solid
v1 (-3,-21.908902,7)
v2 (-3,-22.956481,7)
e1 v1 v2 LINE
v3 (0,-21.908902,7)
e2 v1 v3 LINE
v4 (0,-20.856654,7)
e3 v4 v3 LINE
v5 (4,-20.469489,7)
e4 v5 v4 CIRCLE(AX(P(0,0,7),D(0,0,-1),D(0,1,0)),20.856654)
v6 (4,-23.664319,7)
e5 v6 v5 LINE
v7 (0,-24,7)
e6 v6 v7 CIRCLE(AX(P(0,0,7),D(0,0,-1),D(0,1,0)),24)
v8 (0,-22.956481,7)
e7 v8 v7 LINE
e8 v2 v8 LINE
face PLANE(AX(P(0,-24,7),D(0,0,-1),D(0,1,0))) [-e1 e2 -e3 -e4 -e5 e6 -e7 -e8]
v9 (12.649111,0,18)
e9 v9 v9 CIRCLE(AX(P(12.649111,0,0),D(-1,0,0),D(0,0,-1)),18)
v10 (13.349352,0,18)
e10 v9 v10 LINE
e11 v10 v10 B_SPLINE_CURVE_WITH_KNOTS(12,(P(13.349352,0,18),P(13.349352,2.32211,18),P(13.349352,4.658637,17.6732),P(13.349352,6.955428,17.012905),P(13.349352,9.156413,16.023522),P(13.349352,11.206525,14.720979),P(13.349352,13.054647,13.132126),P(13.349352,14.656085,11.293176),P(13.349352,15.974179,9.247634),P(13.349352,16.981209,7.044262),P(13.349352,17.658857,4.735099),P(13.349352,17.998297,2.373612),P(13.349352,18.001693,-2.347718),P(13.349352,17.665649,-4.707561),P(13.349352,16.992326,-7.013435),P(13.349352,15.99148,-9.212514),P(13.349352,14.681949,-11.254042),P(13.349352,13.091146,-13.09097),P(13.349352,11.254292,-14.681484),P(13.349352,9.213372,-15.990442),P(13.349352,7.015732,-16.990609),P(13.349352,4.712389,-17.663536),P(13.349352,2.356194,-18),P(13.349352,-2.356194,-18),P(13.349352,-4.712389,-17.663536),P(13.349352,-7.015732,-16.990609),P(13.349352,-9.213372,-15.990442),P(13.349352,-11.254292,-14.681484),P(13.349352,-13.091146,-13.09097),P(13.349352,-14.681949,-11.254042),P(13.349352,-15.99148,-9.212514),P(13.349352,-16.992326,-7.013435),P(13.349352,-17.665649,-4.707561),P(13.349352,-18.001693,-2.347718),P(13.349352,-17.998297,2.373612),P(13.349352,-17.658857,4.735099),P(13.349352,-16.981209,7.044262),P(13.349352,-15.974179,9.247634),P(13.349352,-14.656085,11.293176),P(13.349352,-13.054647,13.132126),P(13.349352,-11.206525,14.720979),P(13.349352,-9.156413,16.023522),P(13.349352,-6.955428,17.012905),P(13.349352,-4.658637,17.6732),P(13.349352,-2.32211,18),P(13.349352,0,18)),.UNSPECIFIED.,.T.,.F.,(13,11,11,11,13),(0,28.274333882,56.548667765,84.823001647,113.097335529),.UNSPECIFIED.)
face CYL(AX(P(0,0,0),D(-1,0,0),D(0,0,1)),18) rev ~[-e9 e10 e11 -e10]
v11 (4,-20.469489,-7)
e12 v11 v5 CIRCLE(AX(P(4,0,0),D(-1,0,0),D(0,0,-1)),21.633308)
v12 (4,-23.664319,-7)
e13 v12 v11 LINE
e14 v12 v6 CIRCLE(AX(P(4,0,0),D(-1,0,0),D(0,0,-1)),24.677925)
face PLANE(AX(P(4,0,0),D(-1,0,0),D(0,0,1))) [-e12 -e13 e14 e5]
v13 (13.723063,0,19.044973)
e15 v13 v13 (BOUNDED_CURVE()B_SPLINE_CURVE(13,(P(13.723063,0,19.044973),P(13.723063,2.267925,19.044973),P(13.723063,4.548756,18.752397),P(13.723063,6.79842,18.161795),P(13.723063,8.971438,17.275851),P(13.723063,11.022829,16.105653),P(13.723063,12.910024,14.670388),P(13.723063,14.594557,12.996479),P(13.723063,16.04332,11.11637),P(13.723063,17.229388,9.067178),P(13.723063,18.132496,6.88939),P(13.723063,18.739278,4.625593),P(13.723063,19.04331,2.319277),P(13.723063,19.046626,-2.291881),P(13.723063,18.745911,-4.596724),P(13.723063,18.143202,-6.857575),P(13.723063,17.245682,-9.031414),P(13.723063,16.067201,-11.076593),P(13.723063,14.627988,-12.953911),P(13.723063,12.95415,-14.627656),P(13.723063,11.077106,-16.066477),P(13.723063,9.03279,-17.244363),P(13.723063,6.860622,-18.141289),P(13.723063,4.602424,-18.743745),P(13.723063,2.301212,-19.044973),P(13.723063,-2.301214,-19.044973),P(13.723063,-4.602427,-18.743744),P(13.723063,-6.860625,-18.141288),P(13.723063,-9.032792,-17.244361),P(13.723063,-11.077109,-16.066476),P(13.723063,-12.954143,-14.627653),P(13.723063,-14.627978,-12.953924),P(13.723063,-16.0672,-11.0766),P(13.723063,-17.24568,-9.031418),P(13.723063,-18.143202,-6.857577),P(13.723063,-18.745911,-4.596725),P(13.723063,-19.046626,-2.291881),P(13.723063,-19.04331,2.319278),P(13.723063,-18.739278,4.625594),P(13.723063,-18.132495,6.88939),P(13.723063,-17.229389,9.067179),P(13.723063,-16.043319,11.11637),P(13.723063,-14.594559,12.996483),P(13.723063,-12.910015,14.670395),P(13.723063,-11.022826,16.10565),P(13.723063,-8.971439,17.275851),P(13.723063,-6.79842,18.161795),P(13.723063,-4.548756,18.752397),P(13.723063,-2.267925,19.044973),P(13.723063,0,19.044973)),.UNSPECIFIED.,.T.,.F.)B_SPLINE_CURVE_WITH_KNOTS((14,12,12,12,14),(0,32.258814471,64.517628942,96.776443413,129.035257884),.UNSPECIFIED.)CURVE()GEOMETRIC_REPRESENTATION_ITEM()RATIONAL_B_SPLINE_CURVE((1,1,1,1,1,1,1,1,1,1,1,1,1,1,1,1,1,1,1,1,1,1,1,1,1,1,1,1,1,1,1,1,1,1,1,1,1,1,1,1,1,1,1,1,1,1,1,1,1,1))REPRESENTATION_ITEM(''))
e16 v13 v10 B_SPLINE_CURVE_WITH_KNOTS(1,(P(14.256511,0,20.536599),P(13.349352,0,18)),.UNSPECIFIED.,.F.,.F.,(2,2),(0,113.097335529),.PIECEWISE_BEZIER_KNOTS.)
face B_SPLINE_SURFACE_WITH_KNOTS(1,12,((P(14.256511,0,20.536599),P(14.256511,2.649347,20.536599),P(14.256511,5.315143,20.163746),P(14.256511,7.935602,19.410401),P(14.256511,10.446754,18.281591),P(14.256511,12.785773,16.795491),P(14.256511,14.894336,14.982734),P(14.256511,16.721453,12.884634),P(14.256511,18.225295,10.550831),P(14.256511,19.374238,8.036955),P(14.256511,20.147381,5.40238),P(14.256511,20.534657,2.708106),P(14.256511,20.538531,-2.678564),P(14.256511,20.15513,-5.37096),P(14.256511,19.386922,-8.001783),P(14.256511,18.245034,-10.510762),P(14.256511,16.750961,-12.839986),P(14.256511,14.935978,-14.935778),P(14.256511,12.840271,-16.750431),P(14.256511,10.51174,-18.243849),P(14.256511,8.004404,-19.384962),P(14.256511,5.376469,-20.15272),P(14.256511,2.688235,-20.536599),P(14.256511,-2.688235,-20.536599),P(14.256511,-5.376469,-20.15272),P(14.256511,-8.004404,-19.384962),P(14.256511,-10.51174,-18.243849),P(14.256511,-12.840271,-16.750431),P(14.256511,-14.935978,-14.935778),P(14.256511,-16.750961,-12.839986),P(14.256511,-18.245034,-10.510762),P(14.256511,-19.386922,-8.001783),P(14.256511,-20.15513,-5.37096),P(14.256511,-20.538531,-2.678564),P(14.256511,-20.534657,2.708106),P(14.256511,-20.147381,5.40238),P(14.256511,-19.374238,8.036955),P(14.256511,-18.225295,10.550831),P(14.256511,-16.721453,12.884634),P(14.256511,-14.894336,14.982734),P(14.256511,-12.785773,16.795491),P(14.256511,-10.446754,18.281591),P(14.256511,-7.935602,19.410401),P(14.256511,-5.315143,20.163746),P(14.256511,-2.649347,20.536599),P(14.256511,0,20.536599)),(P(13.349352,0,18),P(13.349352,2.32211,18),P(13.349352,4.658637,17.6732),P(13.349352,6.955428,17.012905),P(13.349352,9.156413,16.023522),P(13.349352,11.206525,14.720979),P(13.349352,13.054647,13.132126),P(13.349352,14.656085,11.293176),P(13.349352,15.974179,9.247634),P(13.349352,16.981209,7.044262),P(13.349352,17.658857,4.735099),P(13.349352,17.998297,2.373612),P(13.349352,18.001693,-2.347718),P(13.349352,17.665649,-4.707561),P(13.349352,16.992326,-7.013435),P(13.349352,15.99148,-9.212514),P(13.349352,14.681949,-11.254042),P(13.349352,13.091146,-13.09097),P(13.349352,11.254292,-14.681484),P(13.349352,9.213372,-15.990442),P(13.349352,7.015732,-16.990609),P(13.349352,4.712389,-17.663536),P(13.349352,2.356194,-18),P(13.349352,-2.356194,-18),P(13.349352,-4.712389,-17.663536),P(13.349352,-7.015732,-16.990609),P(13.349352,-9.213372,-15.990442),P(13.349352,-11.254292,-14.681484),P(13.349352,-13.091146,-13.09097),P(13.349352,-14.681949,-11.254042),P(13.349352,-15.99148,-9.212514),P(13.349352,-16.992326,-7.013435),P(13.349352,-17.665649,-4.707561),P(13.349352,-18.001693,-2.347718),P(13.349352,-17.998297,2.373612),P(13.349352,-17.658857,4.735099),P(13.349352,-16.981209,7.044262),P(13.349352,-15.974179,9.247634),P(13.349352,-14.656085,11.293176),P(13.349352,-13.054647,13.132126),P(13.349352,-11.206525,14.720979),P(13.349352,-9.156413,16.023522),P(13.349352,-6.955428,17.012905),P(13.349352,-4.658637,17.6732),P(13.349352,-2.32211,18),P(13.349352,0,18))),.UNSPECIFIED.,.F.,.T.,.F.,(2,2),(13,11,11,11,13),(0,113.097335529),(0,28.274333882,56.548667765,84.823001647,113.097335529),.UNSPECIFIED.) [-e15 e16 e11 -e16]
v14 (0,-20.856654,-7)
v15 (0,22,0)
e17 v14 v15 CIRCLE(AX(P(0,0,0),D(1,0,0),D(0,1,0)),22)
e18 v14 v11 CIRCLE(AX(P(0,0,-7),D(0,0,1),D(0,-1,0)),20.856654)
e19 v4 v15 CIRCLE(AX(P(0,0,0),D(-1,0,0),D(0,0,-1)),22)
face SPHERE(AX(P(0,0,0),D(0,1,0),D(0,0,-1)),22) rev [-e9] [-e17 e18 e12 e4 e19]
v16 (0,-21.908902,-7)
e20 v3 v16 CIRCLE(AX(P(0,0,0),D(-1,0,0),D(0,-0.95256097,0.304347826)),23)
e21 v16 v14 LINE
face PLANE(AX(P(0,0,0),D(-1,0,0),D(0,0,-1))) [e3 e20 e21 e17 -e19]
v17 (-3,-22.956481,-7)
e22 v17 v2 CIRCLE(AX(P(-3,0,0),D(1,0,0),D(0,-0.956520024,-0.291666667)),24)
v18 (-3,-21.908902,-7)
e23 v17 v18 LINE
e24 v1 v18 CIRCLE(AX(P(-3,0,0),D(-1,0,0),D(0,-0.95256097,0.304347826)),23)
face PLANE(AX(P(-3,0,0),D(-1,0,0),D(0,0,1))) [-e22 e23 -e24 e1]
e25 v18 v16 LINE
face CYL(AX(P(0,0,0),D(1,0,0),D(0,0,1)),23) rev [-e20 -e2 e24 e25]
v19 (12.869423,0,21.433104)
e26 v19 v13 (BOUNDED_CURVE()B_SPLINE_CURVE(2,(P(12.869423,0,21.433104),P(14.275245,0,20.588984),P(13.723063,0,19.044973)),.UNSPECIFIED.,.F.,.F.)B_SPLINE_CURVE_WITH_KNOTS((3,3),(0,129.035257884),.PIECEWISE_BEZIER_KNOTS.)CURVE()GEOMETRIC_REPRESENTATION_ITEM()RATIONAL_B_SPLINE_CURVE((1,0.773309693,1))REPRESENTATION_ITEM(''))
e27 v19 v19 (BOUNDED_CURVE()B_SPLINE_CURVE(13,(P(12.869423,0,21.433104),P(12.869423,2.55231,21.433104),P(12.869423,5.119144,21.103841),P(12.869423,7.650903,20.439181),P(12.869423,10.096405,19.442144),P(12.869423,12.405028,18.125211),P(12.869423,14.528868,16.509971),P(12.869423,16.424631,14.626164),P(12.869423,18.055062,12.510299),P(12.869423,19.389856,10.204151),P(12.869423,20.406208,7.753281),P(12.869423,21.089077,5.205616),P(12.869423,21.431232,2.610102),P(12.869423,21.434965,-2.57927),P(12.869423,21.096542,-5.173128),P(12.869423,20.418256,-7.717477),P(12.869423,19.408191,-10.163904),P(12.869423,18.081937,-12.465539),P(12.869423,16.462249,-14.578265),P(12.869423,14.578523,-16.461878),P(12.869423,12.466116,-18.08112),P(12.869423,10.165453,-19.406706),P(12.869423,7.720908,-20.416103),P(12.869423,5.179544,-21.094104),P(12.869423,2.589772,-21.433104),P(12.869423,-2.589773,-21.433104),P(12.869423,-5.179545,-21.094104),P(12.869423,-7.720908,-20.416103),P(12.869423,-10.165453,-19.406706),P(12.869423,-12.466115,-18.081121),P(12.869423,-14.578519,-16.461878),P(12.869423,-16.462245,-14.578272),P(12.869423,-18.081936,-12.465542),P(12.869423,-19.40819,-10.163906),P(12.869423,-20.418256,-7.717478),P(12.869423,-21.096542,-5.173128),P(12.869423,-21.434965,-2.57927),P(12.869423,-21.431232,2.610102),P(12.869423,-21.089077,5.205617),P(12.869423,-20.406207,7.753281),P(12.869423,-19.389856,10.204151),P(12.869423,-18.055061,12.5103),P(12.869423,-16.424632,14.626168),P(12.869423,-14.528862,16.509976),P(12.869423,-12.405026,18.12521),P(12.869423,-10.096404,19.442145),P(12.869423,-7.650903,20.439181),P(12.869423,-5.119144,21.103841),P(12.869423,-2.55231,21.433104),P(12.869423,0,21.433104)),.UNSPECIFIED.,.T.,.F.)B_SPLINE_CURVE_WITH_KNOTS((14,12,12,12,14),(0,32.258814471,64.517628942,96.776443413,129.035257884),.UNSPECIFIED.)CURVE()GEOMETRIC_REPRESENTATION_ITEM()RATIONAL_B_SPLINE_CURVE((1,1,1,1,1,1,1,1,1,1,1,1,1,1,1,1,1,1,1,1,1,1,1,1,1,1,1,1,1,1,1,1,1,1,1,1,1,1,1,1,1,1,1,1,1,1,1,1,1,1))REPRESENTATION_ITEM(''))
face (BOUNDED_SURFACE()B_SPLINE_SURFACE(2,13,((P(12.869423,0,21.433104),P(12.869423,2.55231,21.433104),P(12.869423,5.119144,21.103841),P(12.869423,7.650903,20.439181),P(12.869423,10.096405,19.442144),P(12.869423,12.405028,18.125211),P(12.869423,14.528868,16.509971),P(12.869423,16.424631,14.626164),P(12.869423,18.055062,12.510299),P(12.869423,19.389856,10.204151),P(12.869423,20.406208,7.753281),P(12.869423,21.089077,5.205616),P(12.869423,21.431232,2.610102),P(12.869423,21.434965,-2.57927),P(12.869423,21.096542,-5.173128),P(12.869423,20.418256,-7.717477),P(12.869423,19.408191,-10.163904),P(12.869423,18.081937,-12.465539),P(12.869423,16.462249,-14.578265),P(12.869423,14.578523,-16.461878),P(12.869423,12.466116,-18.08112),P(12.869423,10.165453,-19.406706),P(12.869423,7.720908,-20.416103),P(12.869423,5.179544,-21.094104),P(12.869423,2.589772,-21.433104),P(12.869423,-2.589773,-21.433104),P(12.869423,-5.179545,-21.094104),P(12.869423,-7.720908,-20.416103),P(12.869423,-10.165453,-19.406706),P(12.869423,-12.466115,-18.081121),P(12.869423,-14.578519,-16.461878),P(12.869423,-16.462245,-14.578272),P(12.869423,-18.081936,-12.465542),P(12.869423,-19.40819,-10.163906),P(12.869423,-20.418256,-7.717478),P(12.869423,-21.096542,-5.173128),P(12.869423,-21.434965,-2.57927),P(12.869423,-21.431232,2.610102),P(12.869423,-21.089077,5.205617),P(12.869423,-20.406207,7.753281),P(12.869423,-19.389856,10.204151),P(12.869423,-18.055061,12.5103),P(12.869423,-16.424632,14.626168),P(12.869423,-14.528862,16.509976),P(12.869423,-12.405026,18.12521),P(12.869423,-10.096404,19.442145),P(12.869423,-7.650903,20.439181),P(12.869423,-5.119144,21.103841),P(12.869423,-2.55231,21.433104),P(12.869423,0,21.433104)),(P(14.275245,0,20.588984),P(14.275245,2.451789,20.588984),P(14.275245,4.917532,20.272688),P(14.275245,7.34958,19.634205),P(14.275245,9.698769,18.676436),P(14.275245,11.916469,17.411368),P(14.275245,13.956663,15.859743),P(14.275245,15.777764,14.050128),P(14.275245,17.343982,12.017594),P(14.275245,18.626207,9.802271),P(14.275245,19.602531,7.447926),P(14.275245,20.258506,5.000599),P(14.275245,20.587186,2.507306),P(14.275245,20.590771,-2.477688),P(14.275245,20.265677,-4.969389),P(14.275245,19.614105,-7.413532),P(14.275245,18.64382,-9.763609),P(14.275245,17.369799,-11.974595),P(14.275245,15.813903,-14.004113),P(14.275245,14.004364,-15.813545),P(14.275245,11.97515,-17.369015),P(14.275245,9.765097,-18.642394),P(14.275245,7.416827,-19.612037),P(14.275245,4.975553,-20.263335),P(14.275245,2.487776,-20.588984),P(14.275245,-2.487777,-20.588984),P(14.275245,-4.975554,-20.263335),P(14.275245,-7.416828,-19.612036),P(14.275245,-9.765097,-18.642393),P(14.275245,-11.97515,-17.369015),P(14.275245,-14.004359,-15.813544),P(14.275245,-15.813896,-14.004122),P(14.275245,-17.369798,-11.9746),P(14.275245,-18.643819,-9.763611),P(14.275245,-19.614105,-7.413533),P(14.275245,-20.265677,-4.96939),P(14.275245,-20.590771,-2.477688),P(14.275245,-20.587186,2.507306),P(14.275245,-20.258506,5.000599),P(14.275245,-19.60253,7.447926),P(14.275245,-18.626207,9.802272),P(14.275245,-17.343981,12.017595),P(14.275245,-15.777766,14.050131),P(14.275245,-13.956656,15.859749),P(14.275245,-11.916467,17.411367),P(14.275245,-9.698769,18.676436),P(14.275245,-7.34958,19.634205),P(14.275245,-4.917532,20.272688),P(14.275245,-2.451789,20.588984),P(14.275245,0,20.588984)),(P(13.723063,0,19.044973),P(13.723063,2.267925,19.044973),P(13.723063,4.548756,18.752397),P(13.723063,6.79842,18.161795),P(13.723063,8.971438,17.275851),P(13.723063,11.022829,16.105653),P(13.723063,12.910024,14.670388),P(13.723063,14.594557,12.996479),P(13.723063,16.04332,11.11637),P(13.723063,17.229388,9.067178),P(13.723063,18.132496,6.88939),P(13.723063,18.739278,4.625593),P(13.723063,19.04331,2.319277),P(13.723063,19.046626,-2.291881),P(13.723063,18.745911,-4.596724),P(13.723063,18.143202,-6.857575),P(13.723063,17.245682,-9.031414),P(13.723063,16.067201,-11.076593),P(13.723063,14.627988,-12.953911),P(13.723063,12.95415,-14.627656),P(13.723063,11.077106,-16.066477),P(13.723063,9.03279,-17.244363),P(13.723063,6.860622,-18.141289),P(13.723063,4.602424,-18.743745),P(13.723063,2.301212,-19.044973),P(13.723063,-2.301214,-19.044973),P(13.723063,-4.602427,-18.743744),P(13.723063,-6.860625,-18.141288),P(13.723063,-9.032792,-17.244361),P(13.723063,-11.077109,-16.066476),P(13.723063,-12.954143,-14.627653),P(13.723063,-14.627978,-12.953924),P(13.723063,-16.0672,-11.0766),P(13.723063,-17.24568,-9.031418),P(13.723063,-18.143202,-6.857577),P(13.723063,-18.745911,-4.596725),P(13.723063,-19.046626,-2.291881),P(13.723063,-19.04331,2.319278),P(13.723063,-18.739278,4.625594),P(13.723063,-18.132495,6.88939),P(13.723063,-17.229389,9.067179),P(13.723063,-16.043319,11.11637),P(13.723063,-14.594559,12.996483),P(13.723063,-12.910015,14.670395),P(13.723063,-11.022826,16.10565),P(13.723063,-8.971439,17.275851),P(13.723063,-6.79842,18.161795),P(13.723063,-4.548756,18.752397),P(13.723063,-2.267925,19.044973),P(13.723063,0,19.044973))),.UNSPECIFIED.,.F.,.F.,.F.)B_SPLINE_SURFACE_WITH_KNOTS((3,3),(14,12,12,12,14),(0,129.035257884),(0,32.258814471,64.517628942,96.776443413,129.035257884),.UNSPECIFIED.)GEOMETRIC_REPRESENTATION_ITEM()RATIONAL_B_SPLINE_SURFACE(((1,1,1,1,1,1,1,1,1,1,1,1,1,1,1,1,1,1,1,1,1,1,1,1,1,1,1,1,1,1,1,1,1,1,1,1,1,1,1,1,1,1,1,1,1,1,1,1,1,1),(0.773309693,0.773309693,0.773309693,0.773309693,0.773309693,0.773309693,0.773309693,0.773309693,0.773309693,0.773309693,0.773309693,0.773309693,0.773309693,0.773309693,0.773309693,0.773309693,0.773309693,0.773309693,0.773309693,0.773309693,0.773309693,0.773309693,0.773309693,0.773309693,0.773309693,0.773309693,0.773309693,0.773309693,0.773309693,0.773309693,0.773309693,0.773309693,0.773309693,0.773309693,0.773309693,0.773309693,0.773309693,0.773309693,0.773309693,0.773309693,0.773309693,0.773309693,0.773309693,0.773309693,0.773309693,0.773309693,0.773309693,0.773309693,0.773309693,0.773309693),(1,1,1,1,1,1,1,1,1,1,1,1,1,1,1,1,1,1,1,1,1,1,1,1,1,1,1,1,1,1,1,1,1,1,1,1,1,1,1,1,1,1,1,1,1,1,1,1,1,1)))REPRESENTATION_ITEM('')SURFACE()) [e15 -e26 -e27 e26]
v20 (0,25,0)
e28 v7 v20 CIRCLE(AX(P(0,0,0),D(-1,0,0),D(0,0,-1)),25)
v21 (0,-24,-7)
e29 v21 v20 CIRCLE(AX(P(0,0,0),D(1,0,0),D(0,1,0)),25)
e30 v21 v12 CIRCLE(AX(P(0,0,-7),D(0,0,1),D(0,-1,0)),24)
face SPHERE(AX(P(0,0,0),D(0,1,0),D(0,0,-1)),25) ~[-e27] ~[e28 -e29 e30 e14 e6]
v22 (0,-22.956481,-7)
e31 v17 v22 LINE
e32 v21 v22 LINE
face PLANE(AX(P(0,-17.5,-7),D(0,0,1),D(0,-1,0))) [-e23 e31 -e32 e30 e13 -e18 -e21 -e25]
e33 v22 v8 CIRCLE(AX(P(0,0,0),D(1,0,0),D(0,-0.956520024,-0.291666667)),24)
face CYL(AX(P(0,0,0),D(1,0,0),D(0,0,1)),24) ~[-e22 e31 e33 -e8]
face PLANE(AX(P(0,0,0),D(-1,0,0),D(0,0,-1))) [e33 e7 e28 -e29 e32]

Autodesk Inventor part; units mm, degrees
ref_plane "YZ Plane" through (0, 0, 0) normal (1, 0, 0) x (0, 1, 0)
ref_plane "XZ Plane" through (0, 0, 0) normal (0, 1, 0) x (-1, 0, 0)
ref_plane "XY Plane" through (0, 0, 0) normal (0, 0, 1) x (1, 0, 0)
sketch "Sketch1" plane through (0, 0, 0) normal (1, 0, 0) x (0, 1, 0)
  circle A0 centre (0, 0) radius 25
  circle A1 centre (0, 0) radius 22
  line L0 (25, 0) -> (-25, 0)
  point P0 (-22, 0)
  point P1 (22, 0)
  dimension "d0" = 50
  dimension "d1" = 3
revolve "Revolution1" add sketch "Sketch1" angle 360 about axis through (0, 25, 0) along (0, -1, 0) picked at (23.7578, -1.9943) contours A0 L0 A1
split "Split1" plane through (0, 0, 0) removes the side toward (-1, 0, 0)
sketch "Sketch8" plane through (0, 0, 0) normal (-1, 0, 0) x (0, 0, 1)
  circle A0 centre (0, 0) radius 18
  dimension "d40" = 36
extrude "Extrusion7" cut sketch "Sketch8" against normal blind 39
chamfer "Chamfer1" distance 4 angle 45 1 edges at (17.3494, -0.0007, -18)
sketch "Sketch9" plane through (0, 0, 0) normal (-1, 0, 0) x (0, 0, 1)
  circle A0 centre (0, 0) radius 24
  circle A1 centre (0, 0) radius 23
  dimension "d46" = 48
  dimension "d47" = 1
extrude "Extrusion8" add sketch "Sketch9" along normal blind 3
sketch "Sketch10" plane through (0, 0, 0) normal (-1, 0, 0) x (0, 0, 1)
  line L0 (0, 0) -> (0, -25)
  circle A0 centre (0, 0) radius 25
  line L1 (7, -17.5) -> (-7, -17.5)
  line L2 (-7, -17.5) -> (-7, -32.5)
  line L3 (-7, -32.5) -> (7, -32.5)
  line L4 (7, -32.5) -> (7, -17.5)
  line L5 (7, -17.5) -> (-7, -32.5) construction
  line L6 (-7, -17.5) -> (7, -32.5) construction
  dimension "d50" = 14
  dimension "d51" = 15
extrude "Extrusion9" cut sketch "Sketch10" along normal mid plane 8 contours L1 L4 A0 L0 | L0 A0 L2 L1 | A0 L4 L3 L2
fillet "Fillet1" radius 2 1 edges at (14.2565, -0.0008, -20.5366)
properties part number "cover2"
